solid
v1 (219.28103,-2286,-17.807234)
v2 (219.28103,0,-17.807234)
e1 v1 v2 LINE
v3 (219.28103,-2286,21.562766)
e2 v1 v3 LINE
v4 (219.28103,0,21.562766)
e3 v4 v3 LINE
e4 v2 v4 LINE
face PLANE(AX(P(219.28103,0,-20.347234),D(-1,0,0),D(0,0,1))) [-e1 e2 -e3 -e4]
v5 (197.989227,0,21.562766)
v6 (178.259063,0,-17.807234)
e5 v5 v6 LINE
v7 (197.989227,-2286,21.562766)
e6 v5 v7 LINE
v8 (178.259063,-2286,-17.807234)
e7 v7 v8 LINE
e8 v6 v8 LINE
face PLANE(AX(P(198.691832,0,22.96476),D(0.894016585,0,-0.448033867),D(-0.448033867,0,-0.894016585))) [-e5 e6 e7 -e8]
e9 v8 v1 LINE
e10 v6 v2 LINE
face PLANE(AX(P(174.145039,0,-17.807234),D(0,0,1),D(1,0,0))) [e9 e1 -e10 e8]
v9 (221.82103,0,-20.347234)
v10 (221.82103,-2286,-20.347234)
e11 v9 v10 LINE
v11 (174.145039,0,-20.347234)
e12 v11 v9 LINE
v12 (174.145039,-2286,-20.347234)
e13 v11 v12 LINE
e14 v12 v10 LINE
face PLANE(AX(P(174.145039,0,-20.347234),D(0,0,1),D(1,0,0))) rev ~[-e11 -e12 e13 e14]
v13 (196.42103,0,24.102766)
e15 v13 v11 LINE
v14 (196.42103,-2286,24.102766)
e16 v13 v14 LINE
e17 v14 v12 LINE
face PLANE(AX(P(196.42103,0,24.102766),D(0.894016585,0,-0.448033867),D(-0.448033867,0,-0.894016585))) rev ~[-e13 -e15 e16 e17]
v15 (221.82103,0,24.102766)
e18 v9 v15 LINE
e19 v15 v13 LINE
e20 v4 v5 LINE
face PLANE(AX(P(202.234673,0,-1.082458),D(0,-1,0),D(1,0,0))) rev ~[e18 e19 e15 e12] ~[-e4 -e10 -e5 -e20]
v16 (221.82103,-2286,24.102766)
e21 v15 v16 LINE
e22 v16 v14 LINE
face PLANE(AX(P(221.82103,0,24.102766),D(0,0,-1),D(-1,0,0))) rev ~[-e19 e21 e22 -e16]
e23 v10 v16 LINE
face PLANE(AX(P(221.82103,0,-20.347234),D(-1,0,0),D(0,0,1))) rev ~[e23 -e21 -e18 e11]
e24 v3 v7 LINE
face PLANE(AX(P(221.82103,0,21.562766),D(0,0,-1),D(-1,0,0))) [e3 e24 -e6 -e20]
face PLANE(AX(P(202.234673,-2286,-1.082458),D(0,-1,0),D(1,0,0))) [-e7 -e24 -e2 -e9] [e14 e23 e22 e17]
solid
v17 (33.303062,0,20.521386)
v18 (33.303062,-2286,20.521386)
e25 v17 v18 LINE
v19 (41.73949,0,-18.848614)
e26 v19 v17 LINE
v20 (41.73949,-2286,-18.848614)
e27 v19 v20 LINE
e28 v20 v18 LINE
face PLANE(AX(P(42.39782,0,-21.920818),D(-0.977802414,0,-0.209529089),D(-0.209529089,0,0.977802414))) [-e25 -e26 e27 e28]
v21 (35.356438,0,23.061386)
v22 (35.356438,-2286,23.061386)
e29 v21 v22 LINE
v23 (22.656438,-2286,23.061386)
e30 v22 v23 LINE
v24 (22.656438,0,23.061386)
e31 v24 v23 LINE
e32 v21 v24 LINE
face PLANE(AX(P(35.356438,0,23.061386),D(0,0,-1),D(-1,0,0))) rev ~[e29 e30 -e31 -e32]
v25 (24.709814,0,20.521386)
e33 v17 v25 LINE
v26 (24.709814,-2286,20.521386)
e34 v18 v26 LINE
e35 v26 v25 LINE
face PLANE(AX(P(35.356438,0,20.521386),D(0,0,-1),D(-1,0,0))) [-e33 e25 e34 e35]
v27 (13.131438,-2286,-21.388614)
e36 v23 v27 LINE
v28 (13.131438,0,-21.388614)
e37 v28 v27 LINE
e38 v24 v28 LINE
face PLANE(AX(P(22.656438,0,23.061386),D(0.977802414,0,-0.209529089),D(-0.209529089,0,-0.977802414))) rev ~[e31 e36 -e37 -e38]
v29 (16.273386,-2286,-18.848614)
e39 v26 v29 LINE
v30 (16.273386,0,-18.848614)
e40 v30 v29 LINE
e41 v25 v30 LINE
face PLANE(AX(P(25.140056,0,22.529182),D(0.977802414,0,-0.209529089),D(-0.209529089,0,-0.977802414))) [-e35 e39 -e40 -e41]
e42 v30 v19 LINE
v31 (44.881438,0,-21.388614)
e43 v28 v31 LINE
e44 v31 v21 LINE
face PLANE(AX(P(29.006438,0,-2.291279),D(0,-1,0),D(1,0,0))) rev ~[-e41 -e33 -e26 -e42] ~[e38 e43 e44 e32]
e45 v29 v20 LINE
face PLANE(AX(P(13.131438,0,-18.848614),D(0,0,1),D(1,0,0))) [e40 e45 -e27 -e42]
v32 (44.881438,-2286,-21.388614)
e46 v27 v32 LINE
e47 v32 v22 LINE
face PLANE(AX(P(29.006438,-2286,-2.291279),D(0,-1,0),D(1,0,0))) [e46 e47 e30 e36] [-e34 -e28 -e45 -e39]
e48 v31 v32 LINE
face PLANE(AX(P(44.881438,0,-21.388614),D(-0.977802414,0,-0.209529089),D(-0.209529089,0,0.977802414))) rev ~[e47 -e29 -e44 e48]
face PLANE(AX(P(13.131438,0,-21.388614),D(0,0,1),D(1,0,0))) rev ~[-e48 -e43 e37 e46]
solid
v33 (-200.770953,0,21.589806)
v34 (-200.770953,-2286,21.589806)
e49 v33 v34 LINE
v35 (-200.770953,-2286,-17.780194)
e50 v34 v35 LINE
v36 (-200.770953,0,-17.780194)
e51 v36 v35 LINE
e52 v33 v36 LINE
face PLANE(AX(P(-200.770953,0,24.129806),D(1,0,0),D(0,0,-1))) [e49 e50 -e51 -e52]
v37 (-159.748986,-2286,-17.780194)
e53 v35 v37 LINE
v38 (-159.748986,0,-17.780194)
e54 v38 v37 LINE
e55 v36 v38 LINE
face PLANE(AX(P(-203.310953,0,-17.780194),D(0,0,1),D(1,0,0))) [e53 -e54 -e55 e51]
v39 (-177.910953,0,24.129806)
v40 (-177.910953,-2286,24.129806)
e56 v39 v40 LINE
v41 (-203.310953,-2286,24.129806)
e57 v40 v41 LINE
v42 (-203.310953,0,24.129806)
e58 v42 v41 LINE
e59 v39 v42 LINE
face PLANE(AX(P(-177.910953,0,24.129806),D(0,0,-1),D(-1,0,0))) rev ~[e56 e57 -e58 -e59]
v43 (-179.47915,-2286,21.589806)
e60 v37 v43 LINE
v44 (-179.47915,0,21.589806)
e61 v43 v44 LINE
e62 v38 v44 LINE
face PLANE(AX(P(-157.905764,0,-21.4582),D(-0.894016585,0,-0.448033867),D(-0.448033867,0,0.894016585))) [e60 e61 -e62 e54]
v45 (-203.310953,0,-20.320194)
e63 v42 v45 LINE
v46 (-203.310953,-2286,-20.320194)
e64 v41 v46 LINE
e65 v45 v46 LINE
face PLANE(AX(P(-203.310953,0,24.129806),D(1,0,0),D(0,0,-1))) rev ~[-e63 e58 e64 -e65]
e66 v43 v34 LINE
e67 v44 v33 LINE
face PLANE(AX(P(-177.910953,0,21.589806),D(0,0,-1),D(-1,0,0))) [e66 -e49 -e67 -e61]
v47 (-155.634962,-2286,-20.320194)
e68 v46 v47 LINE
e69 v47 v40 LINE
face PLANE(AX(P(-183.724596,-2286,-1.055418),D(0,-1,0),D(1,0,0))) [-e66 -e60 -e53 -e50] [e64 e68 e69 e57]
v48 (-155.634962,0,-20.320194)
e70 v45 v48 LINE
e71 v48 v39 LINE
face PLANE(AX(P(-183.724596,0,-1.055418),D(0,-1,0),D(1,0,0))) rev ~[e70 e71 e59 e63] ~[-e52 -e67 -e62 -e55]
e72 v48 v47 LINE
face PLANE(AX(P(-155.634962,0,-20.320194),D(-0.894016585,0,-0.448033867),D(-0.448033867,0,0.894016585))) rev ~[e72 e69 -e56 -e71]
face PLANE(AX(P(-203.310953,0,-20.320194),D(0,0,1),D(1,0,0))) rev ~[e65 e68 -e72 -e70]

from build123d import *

# Parameters (mm, degrees)
F1_DEPTH = 2286
F2_T     = -2.54
F5_DEPTH = 2286
F6_T     = -2.54
F7_DEPTH = 2286
F8_T     = -2.54


with BuildPart() as f1:
    # F0 (on Front) → F1 (new body)
    with BuildSketch(Plane.XZ):
        Polygon((-177.910953, 24.129806), (-203.310953, 24.129806), (-203.310953, -20.320194), (-177.646502, -20.320194), (-155.634962, -20.320194), align=None)
    extrude(amount=F1_DEPTH)

    # F2
    f2_openings = [f1.faces().sort_by_distance(p)[0] for p in [
        (-184.476083, -2286, -0.3535),
        (-184.476083, 0, -0.3535),
    ]]
    offset(amount=F2_T, openings=f2_openings)


with BuildPart() as f5:
    # F3 (on Front) → F5 (new body)
    with BuildSketch(Plane.XZ):
        Polygon((22.656438, 23.061386), (13.131438, -21.388614), (44.881438, -21.388614), (35.356438, 23.061386), align=None)
    extrude(amount=F5_DEPTH)

    # F6
    f6_openings = [f5.faces().sort_by_distance(p)[0] for p in [
        (29.006438, 0, -2.338614),
        (29.006438, -2286, -2.338614),
    ]]
    offset(amount=F6_T, openings=f6_openings)


with BuildPart() as f7:
    # F4 (on Front) → F7 (new body)
    with BuildSketch(Plane.XZ):
        Polygon((221.82103, -20.347234), (221.82103, 24.102766), (196.42103, 24.102766), (174.145039, -20.347234), align=None)
    extrude(amount=F7_DEPTH)

    # F8
    f8_openings = [f7.faces().sort_by_distance(p)[0] for p in [
        (202.98616, -2286, -0.380541),
        (202.98616, 0, -0.380541),
    ]]
    offset(amount=F8_T, openings=f8_openings)


solid = Compound([f1.part, f5.part, f7.part])
